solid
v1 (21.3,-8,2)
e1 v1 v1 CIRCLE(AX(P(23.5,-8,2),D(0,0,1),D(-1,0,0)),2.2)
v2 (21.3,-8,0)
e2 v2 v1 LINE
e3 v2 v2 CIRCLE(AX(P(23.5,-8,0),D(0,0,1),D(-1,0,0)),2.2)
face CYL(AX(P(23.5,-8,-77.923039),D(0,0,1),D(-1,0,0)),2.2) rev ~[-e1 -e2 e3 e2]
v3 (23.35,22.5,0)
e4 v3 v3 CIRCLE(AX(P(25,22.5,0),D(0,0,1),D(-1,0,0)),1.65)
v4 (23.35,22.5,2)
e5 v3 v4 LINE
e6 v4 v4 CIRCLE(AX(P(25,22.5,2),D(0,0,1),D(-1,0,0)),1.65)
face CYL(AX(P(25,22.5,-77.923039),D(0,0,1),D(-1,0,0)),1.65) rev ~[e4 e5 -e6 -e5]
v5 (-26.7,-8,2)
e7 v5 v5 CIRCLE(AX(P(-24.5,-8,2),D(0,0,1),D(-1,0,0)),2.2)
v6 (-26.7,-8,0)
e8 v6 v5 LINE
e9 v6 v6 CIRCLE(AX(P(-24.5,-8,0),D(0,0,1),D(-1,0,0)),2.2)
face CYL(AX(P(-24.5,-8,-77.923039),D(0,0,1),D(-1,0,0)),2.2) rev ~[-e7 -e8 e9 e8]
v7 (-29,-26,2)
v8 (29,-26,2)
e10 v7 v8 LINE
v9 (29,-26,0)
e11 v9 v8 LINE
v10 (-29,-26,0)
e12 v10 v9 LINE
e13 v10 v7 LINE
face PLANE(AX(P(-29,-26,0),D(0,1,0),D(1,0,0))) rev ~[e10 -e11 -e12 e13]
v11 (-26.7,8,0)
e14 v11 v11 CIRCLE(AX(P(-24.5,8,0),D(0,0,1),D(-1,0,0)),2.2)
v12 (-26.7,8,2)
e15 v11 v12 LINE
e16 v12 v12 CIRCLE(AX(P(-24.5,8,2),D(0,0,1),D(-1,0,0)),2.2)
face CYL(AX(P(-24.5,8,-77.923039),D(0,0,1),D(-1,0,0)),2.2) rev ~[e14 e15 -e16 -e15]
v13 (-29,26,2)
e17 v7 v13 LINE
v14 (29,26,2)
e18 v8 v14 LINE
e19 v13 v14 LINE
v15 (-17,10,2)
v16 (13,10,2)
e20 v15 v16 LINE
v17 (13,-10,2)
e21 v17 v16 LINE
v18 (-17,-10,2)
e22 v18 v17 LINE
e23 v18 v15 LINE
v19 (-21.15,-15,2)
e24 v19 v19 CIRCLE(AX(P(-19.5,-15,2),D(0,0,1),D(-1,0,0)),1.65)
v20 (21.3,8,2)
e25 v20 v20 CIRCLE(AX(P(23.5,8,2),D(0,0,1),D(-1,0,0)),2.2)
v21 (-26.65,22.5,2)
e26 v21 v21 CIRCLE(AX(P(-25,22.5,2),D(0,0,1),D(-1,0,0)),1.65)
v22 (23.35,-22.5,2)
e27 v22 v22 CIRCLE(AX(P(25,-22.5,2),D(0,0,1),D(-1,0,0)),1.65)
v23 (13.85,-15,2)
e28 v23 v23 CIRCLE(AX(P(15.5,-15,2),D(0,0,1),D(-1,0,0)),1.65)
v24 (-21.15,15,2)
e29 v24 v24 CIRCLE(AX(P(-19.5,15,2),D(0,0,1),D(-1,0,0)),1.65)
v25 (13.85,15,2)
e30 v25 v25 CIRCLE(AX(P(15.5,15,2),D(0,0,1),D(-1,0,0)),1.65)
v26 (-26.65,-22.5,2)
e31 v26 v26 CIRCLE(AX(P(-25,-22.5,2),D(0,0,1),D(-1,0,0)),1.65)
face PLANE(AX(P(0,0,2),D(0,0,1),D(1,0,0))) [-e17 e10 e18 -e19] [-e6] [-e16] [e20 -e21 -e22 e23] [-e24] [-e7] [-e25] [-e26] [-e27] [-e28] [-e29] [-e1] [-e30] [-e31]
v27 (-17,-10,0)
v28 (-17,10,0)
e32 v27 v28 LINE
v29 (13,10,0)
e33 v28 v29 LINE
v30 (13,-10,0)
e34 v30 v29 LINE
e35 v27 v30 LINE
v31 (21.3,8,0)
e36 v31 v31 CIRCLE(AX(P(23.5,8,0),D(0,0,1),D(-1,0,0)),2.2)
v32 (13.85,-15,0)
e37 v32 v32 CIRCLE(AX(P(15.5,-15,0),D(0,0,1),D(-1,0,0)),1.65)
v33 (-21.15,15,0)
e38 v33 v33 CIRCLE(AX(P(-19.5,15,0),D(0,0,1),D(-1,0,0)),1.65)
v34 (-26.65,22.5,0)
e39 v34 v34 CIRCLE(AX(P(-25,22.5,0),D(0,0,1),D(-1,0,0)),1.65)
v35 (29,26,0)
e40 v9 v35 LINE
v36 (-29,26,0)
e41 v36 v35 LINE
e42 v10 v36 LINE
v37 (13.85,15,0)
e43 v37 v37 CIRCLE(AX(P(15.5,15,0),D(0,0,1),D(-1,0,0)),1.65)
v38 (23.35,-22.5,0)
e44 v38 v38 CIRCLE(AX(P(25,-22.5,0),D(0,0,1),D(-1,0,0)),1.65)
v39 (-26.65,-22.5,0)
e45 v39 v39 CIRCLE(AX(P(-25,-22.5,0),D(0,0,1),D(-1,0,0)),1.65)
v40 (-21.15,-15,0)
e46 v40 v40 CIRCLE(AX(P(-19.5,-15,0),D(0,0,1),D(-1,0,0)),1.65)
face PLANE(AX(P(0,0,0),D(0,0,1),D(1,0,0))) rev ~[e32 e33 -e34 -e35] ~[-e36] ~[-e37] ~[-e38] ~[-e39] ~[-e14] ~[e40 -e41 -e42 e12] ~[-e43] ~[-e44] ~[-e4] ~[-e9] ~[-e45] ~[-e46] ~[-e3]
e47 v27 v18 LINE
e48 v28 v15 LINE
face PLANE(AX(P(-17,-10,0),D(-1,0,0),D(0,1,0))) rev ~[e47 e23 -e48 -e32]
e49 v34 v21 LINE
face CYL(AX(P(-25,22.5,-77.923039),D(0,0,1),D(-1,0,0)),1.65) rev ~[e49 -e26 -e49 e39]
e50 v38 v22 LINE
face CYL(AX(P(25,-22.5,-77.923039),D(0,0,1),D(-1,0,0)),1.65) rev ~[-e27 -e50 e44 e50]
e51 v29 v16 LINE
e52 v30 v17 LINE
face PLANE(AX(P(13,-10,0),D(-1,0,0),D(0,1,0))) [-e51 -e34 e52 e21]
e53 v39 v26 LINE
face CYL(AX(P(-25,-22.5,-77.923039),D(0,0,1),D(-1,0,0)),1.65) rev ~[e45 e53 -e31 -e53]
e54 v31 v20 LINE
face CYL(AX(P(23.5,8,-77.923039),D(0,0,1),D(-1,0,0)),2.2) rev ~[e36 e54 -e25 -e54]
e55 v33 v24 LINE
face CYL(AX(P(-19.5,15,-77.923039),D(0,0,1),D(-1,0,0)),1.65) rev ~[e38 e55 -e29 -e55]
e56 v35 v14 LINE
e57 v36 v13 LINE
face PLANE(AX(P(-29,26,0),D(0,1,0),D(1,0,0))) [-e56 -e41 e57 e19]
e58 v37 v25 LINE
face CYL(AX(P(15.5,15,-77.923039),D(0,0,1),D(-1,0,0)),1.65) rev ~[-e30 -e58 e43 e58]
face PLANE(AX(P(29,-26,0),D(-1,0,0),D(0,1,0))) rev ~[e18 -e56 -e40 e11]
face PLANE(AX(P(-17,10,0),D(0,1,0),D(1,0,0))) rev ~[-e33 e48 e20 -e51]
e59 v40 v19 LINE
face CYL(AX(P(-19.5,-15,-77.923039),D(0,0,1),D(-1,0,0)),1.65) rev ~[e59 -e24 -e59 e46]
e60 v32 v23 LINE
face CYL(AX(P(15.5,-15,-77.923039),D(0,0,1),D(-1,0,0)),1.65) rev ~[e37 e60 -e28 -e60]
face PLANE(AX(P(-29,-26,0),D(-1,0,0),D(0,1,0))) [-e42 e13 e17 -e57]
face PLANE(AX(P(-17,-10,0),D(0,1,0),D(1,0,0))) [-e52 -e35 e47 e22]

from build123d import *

# Parameters (mm, degrees)
F0_W     = 58
F0_H     = 52
F0_W_2   = 30
F0_H_2   = 20
F1_DEPTH = 2
F2_D     = 3.3
F3_D     = 4.4


with BuildPart() as f1:
    # F0 (on Top) → F1 (new body)
    with BuildSketch(Plane.XY):
        Rectangle(F0_W, F0_H)
        with Locations((-2, 0)):
            Rectangle(F0_W_2, F0_H_2, mode=Mode.SUBTRACT)
    extrude(amount=F1_DEPTH)

    # F2 (through all)
    with Locations(Plane(origin=(0, 0, 0), x_dir=(1, 0, 0), z_dir=(0, 0, -1))):
        with Locations((-19.5, 15), (-25, 22.5), (-19.5, -15), (-25, -22.5), (15.5, 15), (15.5, -15), (25, -22.5), (25, 22.5)):
            Hole(F2_D / 2)

    # F3 (through all)
    with Locations(Plane(origin=(0, 0, 0), x_dir=(1, 0, 0), z_dir=(0, 0, -1))):
        with Locations((-24.5, 8), (-24.5, -8), (23.5, 8), (23.5, -8)):
            Hole(F3_D / 2)


solid = f1.part
